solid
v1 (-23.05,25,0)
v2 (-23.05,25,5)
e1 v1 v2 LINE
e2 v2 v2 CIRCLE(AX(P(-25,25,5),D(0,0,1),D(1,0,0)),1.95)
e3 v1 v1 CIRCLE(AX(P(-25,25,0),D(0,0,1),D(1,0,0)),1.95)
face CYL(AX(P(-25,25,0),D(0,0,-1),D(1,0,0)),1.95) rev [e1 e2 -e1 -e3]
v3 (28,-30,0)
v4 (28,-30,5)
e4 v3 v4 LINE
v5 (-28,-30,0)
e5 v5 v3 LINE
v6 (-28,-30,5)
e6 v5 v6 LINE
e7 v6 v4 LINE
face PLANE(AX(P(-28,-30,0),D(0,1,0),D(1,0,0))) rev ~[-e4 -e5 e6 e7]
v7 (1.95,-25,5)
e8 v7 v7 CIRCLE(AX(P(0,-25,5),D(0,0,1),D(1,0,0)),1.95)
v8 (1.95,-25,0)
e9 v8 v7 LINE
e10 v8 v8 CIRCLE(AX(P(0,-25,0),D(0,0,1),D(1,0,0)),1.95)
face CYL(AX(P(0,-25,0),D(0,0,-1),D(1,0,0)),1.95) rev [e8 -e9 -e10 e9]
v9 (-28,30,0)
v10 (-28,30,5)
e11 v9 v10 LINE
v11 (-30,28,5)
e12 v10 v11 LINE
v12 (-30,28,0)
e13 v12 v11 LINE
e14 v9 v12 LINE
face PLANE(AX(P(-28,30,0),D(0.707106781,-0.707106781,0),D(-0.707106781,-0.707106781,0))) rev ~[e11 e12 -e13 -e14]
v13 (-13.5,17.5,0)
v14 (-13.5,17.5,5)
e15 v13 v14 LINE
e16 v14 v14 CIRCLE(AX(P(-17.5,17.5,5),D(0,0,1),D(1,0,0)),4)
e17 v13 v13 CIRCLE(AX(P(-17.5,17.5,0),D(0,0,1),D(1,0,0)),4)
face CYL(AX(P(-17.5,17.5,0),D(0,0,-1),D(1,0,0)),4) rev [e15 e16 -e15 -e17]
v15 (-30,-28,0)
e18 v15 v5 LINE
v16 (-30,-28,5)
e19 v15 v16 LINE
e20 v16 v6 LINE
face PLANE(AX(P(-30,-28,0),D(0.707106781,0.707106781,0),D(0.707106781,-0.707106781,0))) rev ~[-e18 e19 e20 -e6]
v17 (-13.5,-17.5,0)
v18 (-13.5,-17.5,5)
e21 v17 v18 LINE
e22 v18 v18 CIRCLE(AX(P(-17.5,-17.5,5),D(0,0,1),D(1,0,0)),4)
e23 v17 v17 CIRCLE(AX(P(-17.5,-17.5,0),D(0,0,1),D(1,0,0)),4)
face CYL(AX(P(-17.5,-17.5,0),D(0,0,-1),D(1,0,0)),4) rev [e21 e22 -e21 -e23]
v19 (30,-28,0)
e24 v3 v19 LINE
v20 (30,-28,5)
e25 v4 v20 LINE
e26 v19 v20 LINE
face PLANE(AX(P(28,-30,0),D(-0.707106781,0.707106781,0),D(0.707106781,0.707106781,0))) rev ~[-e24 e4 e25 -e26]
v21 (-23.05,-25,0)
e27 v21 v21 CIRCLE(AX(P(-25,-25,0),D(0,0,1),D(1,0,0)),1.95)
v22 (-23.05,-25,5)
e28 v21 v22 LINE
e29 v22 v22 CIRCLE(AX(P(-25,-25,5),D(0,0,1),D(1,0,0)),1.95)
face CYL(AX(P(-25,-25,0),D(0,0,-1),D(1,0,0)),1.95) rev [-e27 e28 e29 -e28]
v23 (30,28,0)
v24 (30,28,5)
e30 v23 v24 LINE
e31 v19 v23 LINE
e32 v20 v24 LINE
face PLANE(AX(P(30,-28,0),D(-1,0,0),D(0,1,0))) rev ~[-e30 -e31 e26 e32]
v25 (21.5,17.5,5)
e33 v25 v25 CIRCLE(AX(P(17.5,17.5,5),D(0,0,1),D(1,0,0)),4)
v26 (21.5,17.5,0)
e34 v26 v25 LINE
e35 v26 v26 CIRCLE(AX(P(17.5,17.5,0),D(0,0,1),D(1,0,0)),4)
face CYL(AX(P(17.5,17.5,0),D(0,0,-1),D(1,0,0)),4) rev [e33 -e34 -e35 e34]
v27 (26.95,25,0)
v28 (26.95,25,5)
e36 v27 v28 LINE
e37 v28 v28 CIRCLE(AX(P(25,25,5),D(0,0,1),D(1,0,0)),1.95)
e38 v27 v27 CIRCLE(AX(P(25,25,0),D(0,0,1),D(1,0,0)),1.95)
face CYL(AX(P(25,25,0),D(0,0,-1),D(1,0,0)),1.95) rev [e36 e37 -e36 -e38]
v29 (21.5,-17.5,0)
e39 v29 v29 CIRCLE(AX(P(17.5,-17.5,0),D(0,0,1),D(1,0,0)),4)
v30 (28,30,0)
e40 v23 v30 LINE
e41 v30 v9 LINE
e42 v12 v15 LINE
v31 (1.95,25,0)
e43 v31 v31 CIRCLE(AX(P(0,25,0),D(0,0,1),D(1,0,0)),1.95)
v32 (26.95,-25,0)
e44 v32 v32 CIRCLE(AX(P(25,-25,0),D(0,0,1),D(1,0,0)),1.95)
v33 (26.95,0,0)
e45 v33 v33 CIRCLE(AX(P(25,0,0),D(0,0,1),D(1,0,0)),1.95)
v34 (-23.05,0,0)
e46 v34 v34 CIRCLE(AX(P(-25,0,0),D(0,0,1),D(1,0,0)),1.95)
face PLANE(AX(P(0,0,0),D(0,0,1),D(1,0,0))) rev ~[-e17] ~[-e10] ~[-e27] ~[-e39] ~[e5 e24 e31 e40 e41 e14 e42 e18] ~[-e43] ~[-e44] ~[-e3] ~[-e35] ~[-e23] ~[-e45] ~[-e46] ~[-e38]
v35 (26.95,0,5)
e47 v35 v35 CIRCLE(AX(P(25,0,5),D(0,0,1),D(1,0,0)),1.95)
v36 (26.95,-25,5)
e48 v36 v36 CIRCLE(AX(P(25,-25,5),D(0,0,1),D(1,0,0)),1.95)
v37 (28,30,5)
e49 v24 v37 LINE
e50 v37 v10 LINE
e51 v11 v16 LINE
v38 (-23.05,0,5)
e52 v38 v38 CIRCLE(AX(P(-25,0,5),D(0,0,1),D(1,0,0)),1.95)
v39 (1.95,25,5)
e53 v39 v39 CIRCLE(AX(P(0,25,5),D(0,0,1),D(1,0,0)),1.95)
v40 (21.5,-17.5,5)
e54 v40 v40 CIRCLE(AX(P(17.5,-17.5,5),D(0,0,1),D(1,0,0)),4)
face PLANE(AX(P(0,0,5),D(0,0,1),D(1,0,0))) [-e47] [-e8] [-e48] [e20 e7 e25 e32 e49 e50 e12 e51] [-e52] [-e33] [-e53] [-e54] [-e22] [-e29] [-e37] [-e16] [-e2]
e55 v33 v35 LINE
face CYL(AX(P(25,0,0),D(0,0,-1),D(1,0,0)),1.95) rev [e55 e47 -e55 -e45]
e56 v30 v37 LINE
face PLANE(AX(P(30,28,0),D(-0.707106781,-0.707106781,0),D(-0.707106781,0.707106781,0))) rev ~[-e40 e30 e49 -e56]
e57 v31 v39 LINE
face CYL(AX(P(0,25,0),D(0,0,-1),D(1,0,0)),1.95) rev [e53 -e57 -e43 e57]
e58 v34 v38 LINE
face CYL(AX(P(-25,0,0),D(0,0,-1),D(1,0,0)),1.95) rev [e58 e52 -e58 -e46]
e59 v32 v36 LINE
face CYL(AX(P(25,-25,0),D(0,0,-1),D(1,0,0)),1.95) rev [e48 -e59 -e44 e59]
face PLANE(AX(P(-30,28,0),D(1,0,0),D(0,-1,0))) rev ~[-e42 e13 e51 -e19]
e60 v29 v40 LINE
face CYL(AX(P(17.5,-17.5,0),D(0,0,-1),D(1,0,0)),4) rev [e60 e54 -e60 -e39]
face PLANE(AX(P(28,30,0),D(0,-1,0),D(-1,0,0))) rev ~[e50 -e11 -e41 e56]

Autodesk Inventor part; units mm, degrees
ref_plane "YZ Plane" through (0, 0, 0) normal (1, 0, 0) x (0, 1, 0)
ref_plane "XZ Plane" through (0, 0, 0) normal (0, 1, 0) x (-1, 0, 0)
ref_plane "XY Plane" through (0, 0, 0) normal (0, 0, 1) x (1, 0, 0)
sketch "Sketch1" plane through (0, 0, 0) normal (0, 0, 1) x (1, 0, 0)
  line L0 (100.1576, -44) -> (109, -35.1576) projected
  line L1 (109, -35.1576) -> (109, 35) projected
  line L2 (109, 35) -> (41.05, 35) projected
  line L3 (41.05, 35) -> (28, 30) projected
  line L4 (28, 30) -> (-28, 30) projected
  line L5 (-28, 30) -> (-30, 28) projected
  line L6 (-30, 28) -> (-30, -28) projected
  line L7 (-30, -28) -> (-28, -30) projected
  line L8 (-28, -30) -> (28, -30) projected
  line L9 (28, -30) -> (90.0667, -30) projected
  line L10 (90.0667, -30) -> (90.0667, -44) projected
  line L11 (90.0667, -44) -> (100.1576, -44) projected
  circle A0 centre (101, -8.23) radius 1.6 projected
  circle A1 centre (101, 1.77) radius 1.6 projected
  circle A2 centre (101, 29.77) radius 1.6 projected
  circle A3 centre (85, 29.77) radius 1.6 projected
  circle A4 centre (85, 1.77) radius 1.6 projected
  circle A5 centre (85, -8.23) radius 1.6 projected
  circle A6 centre (64.15, 11.27) radius 1.6 projected
  circle A7 centre (47.85, 11.27) radius 1.6 projected
  circle A8 centre (25, 0) radius 1.95 projected
  circle A9 centre (0, 25) radius 1.95 projected
  circle A10 centre (-25, -25) radius 1.95 projected
  circle A11 centre (25, 25) radius 1.95 projected
  circle A12 centre (-25, 25) radius 1.95 projected
  circle A13 centre (25, -25) radius 1.95 projected
  circle A14 centre (0, -25) radius 1.95 projected
  circle A15 centre (-25, 0) radius 1.95 projected
  circle A16 centre (-17.5, 17.5) radius 4 projected
  circle A17 centre (17.5, -17.5) radius 4 projected
  circle A18 centre (-17.5, -17.5) radius 4 projected
  circle A19 centre (17.5, 17.5) radius 4 projected
  line L12 (30, 28) -> (28, 30) projected
  line L13 (30, -28) -> (30, 28) projected
  line L14 (28, -30) -> (30, -28) projected
  point P0 (0, 0)
extrude "Extrusion1" add sketch "Sketch1" along normal blind 5 contours L8 L7 L6 L5 L4 L12 L13 L14
properties part number "cellSTORM_v5_spacer_xy_stage"
